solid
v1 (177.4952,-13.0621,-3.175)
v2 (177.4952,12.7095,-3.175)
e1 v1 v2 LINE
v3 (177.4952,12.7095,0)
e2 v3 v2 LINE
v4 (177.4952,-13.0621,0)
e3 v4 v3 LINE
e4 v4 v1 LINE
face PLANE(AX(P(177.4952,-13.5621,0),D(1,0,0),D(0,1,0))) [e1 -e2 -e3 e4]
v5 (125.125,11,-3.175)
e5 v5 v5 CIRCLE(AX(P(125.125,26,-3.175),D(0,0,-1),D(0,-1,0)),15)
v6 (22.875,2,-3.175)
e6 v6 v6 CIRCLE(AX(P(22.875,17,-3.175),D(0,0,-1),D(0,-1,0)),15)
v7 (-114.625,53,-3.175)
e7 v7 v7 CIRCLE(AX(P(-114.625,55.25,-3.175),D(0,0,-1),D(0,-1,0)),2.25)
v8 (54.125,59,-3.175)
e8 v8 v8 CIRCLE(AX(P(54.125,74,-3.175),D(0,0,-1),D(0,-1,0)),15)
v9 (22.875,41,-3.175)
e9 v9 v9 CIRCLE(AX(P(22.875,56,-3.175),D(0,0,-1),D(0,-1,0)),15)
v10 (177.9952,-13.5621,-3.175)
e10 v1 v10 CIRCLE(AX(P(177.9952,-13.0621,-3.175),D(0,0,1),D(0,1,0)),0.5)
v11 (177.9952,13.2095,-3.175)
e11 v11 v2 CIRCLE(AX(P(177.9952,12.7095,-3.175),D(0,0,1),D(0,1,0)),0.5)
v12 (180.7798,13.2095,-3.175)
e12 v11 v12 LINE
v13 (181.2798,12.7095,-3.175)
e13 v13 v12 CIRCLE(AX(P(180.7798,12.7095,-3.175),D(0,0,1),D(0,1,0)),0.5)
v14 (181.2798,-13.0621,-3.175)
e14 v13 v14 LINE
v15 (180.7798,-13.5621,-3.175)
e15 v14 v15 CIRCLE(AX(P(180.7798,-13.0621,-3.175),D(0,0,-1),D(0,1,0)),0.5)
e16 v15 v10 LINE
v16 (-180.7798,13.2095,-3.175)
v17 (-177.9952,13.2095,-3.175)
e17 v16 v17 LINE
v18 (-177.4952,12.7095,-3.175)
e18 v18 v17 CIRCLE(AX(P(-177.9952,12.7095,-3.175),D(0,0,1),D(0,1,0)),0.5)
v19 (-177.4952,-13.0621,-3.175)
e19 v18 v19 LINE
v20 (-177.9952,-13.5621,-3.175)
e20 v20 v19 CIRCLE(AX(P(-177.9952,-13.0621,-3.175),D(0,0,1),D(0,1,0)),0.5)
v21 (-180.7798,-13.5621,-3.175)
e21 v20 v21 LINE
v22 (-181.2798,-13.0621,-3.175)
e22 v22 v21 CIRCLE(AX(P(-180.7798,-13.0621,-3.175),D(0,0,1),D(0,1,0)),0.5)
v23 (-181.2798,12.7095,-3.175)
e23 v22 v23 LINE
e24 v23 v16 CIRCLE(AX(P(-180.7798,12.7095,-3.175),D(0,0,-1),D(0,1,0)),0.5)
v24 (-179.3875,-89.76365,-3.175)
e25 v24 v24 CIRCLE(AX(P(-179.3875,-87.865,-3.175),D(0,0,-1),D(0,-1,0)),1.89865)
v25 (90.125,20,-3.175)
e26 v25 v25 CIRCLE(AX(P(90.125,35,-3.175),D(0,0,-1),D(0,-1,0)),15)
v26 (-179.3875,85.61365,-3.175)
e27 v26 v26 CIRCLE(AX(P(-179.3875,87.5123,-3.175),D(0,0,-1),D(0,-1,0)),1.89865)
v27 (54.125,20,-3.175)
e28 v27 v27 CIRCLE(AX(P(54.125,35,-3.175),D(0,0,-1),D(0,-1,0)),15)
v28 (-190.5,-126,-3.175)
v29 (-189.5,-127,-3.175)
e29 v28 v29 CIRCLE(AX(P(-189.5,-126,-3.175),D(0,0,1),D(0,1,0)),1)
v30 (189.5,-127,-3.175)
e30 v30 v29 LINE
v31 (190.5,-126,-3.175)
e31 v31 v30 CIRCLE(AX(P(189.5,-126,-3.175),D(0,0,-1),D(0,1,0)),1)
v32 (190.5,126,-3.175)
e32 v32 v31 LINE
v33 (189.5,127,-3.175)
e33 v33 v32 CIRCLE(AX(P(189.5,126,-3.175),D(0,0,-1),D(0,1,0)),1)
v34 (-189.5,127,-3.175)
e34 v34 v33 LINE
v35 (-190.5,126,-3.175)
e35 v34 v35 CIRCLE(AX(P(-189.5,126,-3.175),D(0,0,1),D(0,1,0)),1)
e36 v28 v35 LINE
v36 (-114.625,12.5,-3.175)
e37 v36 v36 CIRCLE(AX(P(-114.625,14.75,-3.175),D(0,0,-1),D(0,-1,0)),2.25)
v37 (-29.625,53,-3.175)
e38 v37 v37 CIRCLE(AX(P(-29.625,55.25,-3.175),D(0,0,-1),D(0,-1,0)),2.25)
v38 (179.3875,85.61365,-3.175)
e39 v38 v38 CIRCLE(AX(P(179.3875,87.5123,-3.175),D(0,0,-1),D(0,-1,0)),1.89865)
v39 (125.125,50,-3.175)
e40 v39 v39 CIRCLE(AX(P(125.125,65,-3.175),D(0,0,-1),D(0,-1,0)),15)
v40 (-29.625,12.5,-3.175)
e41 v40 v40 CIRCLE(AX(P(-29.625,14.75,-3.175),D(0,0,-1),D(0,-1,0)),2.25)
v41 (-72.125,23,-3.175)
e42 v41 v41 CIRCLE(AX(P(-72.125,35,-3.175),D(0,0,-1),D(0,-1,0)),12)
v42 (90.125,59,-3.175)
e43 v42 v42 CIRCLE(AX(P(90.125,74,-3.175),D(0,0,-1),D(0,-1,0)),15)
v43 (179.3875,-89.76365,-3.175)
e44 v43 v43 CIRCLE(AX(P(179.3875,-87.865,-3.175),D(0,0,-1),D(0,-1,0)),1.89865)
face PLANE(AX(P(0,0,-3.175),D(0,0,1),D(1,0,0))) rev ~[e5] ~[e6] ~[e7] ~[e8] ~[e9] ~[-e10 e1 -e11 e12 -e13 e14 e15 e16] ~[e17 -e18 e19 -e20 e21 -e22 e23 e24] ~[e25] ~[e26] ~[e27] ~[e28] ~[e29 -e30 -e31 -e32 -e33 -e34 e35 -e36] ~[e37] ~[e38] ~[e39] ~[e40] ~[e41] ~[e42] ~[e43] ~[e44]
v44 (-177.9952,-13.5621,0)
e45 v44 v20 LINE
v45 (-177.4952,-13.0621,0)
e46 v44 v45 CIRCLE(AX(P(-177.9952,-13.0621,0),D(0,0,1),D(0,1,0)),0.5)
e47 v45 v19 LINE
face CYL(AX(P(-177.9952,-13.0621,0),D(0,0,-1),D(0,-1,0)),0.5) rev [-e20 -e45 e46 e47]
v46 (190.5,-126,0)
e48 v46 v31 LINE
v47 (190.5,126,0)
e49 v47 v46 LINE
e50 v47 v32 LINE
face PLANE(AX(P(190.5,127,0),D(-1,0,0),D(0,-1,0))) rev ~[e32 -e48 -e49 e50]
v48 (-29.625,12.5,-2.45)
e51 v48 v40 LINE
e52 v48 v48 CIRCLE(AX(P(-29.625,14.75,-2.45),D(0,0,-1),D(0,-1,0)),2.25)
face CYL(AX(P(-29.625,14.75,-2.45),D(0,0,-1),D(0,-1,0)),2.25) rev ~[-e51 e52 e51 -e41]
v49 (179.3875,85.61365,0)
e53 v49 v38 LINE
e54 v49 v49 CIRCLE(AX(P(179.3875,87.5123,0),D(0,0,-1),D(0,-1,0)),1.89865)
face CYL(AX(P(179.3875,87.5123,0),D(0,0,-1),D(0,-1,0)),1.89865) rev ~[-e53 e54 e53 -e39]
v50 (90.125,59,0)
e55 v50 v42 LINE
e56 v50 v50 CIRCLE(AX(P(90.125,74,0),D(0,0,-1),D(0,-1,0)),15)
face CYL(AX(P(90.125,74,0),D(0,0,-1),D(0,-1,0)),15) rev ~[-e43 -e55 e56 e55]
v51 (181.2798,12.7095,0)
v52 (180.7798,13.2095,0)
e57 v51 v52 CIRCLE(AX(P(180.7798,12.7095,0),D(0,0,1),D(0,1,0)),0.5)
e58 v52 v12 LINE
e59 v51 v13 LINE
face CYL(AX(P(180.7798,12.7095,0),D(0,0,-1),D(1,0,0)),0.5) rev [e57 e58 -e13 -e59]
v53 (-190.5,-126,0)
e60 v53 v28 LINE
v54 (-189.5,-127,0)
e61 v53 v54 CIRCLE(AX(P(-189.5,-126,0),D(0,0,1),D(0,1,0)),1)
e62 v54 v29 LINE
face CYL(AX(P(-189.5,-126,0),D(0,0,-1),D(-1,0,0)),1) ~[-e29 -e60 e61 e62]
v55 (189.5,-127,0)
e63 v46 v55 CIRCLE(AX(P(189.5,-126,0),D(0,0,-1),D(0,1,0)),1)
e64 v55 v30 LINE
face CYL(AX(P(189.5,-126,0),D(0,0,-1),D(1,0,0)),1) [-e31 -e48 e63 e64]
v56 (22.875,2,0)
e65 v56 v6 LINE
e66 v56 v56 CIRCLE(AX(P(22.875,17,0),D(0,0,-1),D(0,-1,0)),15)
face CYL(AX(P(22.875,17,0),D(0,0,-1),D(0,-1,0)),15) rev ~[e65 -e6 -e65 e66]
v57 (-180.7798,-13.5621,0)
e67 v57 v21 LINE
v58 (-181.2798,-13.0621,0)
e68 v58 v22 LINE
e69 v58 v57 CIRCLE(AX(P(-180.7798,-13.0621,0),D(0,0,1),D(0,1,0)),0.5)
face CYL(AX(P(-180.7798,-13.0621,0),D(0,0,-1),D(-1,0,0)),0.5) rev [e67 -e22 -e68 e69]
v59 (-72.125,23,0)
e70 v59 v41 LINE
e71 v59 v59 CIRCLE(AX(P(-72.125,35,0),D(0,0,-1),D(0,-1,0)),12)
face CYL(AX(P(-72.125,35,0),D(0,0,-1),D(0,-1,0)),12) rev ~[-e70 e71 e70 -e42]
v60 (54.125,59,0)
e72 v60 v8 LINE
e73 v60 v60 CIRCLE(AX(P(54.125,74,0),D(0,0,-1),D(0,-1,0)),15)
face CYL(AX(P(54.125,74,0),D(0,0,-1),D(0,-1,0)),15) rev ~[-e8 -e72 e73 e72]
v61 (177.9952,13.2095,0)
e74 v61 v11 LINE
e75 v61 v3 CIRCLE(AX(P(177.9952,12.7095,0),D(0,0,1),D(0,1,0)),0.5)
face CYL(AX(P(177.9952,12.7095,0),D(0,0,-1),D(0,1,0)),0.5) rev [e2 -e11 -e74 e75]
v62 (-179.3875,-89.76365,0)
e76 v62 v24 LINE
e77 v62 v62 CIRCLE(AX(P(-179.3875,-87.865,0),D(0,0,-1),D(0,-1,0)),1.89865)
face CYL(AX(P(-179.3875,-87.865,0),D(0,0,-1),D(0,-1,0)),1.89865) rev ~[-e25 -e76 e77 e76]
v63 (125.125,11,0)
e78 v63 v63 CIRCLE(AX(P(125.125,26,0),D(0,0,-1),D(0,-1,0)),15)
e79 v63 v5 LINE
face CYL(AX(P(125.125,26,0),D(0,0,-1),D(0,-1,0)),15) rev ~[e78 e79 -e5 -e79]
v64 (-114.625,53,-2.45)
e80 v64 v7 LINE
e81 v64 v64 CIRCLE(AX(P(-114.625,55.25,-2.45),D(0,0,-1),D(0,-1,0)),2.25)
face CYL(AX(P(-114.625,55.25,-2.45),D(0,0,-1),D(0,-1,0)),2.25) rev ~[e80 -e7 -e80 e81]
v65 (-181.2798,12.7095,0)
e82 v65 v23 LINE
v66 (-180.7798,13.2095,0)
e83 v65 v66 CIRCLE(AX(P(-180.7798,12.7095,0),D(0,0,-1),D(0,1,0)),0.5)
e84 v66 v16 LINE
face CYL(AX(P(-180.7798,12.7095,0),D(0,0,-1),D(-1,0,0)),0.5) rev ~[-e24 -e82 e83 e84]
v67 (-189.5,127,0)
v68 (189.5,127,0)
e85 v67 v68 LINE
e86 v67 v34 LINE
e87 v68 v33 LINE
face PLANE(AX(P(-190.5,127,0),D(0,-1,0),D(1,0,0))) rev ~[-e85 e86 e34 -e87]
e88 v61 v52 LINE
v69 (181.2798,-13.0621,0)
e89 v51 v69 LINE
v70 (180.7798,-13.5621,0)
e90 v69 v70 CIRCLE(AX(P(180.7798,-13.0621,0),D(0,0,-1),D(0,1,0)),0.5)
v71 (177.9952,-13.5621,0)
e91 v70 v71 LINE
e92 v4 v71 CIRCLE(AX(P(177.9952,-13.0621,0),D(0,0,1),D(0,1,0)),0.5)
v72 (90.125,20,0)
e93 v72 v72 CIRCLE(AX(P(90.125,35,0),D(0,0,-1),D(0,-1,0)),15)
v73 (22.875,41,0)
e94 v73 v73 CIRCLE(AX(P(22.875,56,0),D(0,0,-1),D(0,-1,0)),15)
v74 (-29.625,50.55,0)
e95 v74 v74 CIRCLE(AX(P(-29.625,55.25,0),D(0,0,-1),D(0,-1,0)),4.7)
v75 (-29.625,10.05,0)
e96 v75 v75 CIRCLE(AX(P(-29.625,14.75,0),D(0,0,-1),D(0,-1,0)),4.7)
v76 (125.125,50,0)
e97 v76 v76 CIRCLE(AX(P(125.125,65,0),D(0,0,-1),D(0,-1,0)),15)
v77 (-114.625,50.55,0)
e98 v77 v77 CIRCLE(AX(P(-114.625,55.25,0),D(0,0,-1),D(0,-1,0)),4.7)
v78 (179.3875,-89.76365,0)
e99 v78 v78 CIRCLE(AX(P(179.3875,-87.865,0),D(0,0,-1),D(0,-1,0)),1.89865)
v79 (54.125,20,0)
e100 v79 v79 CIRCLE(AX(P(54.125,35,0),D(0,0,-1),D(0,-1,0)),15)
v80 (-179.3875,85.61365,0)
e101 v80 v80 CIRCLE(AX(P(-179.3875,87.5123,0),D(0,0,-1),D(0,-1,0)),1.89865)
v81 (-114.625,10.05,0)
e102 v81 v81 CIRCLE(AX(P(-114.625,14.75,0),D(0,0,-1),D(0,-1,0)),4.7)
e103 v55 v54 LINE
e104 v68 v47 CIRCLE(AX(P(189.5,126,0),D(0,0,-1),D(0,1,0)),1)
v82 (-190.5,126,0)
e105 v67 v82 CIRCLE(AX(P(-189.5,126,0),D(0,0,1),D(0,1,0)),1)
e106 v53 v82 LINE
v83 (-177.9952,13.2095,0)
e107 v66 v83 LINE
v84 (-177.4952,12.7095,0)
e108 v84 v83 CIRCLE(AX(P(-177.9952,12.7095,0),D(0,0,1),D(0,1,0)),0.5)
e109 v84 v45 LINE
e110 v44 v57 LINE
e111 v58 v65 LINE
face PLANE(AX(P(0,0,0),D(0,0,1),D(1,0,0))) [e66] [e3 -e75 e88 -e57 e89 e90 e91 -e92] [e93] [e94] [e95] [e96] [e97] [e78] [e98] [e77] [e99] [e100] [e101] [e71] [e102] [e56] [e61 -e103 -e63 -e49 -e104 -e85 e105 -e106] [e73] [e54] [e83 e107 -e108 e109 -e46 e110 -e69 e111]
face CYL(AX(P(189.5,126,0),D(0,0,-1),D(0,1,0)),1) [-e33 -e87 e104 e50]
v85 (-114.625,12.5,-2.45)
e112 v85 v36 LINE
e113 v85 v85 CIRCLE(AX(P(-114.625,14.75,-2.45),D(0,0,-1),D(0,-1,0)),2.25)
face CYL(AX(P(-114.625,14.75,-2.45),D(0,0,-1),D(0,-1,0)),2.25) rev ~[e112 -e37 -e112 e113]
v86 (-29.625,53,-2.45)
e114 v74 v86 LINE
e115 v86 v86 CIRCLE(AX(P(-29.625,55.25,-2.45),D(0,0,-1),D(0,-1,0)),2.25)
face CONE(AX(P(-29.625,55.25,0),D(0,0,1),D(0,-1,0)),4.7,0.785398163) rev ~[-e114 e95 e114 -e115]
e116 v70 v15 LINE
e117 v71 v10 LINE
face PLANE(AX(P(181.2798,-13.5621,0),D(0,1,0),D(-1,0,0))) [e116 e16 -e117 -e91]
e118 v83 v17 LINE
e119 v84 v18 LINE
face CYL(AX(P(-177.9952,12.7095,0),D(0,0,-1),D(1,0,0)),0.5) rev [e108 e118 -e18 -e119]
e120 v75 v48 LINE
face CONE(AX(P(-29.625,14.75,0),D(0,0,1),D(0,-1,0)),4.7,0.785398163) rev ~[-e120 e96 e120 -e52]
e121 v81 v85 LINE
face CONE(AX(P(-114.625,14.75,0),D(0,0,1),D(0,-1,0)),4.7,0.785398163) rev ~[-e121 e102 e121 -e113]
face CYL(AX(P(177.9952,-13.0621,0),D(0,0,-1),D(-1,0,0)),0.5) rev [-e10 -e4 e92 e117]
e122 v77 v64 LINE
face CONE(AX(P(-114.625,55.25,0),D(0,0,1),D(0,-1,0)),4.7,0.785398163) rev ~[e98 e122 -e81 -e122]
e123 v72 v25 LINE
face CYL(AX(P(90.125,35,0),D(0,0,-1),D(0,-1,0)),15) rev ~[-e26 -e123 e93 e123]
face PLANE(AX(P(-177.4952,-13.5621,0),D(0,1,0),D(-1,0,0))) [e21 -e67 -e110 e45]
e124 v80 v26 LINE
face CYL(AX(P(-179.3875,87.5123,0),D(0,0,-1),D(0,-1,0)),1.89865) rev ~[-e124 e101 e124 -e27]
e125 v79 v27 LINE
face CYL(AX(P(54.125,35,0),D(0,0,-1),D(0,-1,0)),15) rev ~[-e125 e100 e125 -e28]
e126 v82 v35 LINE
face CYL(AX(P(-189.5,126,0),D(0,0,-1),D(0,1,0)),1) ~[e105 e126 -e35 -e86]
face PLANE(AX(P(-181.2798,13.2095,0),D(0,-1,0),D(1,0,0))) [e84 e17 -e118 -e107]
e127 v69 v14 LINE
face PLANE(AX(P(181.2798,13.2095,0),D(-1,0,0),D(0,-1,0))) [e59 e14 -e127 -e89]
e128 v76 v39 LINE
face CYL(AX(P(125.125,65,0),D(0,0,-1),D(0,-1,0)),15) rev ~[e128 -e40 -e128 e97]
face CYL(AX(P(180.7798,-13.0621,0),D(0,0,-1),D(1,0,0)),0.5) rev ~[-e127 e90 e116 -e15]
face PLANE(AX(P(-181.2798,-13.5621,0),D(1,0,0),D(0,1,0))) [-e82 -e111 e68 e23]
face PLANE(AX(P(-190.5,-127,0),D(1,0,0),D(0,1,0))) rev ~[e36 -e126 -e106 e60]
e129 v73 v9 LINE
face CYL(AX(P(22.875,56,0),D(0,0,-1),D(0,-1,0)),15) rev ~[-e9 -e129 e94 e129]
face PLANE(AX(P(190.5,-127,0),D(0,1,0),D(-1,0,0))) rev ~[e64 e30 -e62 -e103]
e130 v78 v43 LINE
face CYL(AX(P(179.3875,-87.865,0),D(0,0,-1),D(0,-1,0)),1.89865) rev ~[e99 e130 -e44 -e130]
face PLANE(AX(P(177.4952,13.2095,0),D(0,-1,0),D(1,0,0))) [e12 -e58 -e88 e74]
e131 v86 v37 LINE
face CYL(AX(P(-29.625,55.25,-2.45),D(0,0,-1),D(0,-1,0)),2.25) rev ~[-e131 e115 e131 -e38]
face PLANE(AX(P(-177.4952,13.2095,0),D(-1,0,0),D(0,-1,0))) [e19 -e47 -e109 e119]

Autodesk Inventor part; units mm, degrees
ref_plane "YZ Plane" through (0, 0, 0) normal (1, 0, 0) x (0, 1, 0)
ref_plane "XZ Plane" through (0, 0, 0) normal (0, 1, 0) x (-1, 0, 0)
ref_plane "XY Plane" through (0, 0, 0) normal (0, 0, 1) x (1, 0, 0)
sketch "Panel" plane through (0, 0, 0) normal (0, 0, 1) x (1, 0, 0)
  line L0 (-190.5, 127) -> (190.5, 127)
  line L1 (190.5, 127) -> (190.5, -127)
  line L2 (190.5, -127) -> (-190.5, -127)
  line L3 (-190.5, -127) -> (-190.5, 127)
  point P0 (0, 0)
  point P1 (-190.5, 0)
  point P2 (0, 127)
  dimension "d0" = 254
  dimension "d3" = 381
sketch "JoystickMount" plane through (0, 0, 0) normal (0, 0, 1) x (1, 0, 0)
  line L0 (-114.625, 55.25) -> (-114.625, 14.75) construction
  line L1 (-114.625, 14.75) -> (-29.625, 14.75) construction
  point P0 (0, 0)
  point P1 (-72.125, 35)
  point P2 (-29.625, 55.25)
  point P3 (-114.625, 35)
  point P4 (-72.125, 14.75)
  dimension "d4" = 40.5
  dimension "d6" = 85
  dimension "d19" = 35
  dimension "d45" = 72.125
sketch "ButtonMounts" plane through (0, 0, 0) normal (0, 0, 1) x (1, 0, 0)
  line L0 (54.125, 74) -> (54.125, 35) construction
  line L1 (54.125, 35) -> (90.125, 35) construction
  point P0 (0, 0)
  point P1 (22.875, 56)
  point P2 (22.875, 17)
  point P3 (90.125, 74)
  point P4 (125.125, 65)
  point P5 (125.125, 26)
  point P6 (-72.125, 35)
  point P7 (72.125, 54.5)
  point P8 (54.125, 54.5)
  point P9 (72.125, 35)
  dimension "d7" = 39
  dimension "d9" = 39
  dimension "d10" = 39
  dimension "d11" = 39
  dimension "d12" = 31.25
  dimension "d13" = 36
  dimension "d14" = 35
  dimension "d15" = 18
  dimension "d16" = 9
  dimension "d55" = 144.25
  dimension "d56" = 72.125
extrude "PanelExtrusion" add sketch "Panel" against normal blind 3.175
hole "JoystickScrews" at (-29.625, 14.75, 0) at (-29.625, 55.25, 0) at (-114.625, 55.25, 0) at (-114.625, 14.75, 0) direction (0, 0, -1) diameter 4.5 end through all countersink diameter 9.4 countersink angle 90 clearance for "Flat Head Machine Screw" size "M4" standard "Ansi Metric M Profile"
hole "JoystickShaft" at (-72.125, 35, 0) direction (0, 0, -1) diameter 24 end through all
hole "ButtonHoles" at (125.125, 26, 0) at (90.125, 35, 0) at (90.125, 74, 0) at (125.125, 65, 0) at (54.125, 74, 0) at (54.125, 35, 0) at (22.875, 56, 0) at (22.875, 17, 0) direction (0, 0, -1) diameter 30 end through all
fillet "Corners" radius 1 4 edges at (190.5, 127, -1.5875) (190.5, -127, -1.5875) (-190.5, 127, -1.5875) (-190.5, -127, -1.5875)
ref_plane "10DegOffsetAlignment" through (190.5, -127, -3.175) normal (0, -0.9848, 0.1736) x (-1, 0, 0)
sketch "ScrewHoleCenters" plane through (0, 0, 0) normal (0, 0, 1) x (1, 0, 0)
  line L0 (-190.5, -126) -> (-190.5, 126) projected
  line L1 (-177.8, 89.411) -> (-180.975, 89.411) projected
  line L2 (-180.975, 85.6137) -> (-177.8, 85.6137) projected
  line L3 (-177.8, -85.9663) -> (-180.975, -85.9663) projected
  line L4 (-180.975, -89.7636) -> (-177.8, -89.7636) projected
  line L5 (177.8, -89.7636) -> (180.975, -89.7636) projected
  line L6 (180.975, -85.9663) -> (177.8, -85.9663) projected
  line L7 (177.8, 85.6137) -> (180.975, 85.6137) projected
  line L8 (180.975, 89.411) -> (177.8, 89.411) projected
  line L9 (-180.975, 89.411) -> (-180.975, 85.6137) construction
  line L10 (-177.8, 85.6137) -> (-177.8, 89.411) construction
  line L11 (-180.975, -85.9663) -> (-180.975, -89.7636) construction
  line L12 (-177.8, -89.7636) -> (-177.8, -85.9663) construction
  line L13 (177.8, -89.7636) -> (177.8, -85.9663) construction
  line L14 (180.975, -85.9663) -> (180.975, -89.7636) construction
  line L15 (177.8, 85.6137) -> (177.8, 89.411) construction
  line L16 (180.975, 89.411) -> (180.975, 85.6137) construction
  point P0 (0, 0)
  point P1 (-179.3875, 87.5123)
  point P2 (-177.8, 87.5123)
  point P3 (-179.3875, 85.6137)
  point P4 (-179.3875, -87.865)
  point P5 (179.3875, -87.865)
  point P6 (179.3875, 87.5123)
  point P7 (-179.3875, -89.7636)
  point P8 (-180.975, -87.865)
  point P9 (177.8, -87.865)
  point P10 (179.3875, -89.7636)
  point P11 (179.3875, 85.6137)
  point P12 (177.8, 87.5123)
hole "PanelBoltHoles" at (-179.3875, 87.5123, 0) at (-179.3875, -87.865, 0) at (179.3875, -87.865, 0) at (179.3875, 87.5123, 0) direction (0, 0, -1) diameter 3.7973 end through all
sketch "TabSlotSketch" plane through (0, 0, 0) normal (0, 0, 1) x (1, 0, 0)
  circle A0 centre (179.3875, -87.865) radius 1.8986 projected
  circle A1 centre (-179.3875, 87.5123) radius 1.8986 projected
  circle A2 centre (-179.3875, -87.865) radius 1.8986 projected
  circle A3 centre (179.3875, 87.5123) radius 1.8986 projected
  line L0 (190.5, 126) -> (190.5, -126) projected
  line L1 (-190.5, -126) -> (-190.5, 126) projected
  line L2 (-179.3875, 87.5123) -> (-179.3875, -87.865) construction
  line L3 (179.3875, 87.5123) -> (179.3875, -87.865) construction
  line L4 (-181.2798, 13.2095) -> (-177.4952, 13.2095)
  line L5 (-177.4952, 13.2095) -> (-177.4952, -13.5621)
  line L6 (-177.4952, -13.5621) -> (-181.2798, -13.5621)
  line L7 (-181.2798, -13.5621) -> (-181.2798, 13.2095)
  line L8 (181.2798, -13.5621) -> (177.4952, -13.5621)
  line L9 (177.4952, -13.5621) -> (177.4952, 13.2095)
  line L10 (177.4952, 13.2095) -> (181.2798, 13.2095)
  line L11 (181.2798, 13.2095) -> (181.2798, -13.5621)
  point P0 (0, 0)
  point P1 (-179.3875, -0.1763)
  point P2 (-181.2798, -0.1763)
  point P3 (-179.3875, -13.5621)
  point P4 (179.3875, -0.1763)
  point P5 (181.2798, -0.1763)
  point P6 (179.3875, 13.2095)
  point P7 (-179.3875, -0.1763)
  point P8 (179.3875, -0.1763)
  dimension "d66" = 26.7716
  dimension "d68" = 3.7846
  dimension "d69" = 26.7716
  dimension "d70" = 3.7846
extrude "TabSlotExtrusion" cut sketch "TabSlotSketch" against normal blind 3.175 contours L4 L5 L6 L7 | L8 L9 L10 L11
fillet "TabSlotFillets" radius 0.5 8 edges at (-177.4952, 13.2095, -1.5875) (-181.2798, 13.2095, -1.5875) (-177.4952, -13.5621, -1.5875) (-181.2798, -13.5621, -1.5875) (181.2798, 13.2095, -1.5875) (177.4952, 13.2095, -1.5875) (177.4952, -13.5621, -1.5875) (181.2798, -13.5621, -1.5875)
equation "\"d45\" = 0.5 * d55"
equation "\"d59\" = ScrewHoleD"
equation "\"d66\" = SlotLength"
equation "\"d68\" = SlotWidth"
equation "\"d69\" = SlotLength"
equation "\"d70\" = SlotWidth"
equation "\"d73\" = SlotFilletRad"
equation "\"ScrewHoleD\" = 3.7973"
equation "\"SlotLength\" = 26.7716"
equation "\"SlotWidth\" = 3.7846"
equation "\"SlotFilletRad\" = 0.5"
properties part number "Panel_top_2" material "Aluminum"
